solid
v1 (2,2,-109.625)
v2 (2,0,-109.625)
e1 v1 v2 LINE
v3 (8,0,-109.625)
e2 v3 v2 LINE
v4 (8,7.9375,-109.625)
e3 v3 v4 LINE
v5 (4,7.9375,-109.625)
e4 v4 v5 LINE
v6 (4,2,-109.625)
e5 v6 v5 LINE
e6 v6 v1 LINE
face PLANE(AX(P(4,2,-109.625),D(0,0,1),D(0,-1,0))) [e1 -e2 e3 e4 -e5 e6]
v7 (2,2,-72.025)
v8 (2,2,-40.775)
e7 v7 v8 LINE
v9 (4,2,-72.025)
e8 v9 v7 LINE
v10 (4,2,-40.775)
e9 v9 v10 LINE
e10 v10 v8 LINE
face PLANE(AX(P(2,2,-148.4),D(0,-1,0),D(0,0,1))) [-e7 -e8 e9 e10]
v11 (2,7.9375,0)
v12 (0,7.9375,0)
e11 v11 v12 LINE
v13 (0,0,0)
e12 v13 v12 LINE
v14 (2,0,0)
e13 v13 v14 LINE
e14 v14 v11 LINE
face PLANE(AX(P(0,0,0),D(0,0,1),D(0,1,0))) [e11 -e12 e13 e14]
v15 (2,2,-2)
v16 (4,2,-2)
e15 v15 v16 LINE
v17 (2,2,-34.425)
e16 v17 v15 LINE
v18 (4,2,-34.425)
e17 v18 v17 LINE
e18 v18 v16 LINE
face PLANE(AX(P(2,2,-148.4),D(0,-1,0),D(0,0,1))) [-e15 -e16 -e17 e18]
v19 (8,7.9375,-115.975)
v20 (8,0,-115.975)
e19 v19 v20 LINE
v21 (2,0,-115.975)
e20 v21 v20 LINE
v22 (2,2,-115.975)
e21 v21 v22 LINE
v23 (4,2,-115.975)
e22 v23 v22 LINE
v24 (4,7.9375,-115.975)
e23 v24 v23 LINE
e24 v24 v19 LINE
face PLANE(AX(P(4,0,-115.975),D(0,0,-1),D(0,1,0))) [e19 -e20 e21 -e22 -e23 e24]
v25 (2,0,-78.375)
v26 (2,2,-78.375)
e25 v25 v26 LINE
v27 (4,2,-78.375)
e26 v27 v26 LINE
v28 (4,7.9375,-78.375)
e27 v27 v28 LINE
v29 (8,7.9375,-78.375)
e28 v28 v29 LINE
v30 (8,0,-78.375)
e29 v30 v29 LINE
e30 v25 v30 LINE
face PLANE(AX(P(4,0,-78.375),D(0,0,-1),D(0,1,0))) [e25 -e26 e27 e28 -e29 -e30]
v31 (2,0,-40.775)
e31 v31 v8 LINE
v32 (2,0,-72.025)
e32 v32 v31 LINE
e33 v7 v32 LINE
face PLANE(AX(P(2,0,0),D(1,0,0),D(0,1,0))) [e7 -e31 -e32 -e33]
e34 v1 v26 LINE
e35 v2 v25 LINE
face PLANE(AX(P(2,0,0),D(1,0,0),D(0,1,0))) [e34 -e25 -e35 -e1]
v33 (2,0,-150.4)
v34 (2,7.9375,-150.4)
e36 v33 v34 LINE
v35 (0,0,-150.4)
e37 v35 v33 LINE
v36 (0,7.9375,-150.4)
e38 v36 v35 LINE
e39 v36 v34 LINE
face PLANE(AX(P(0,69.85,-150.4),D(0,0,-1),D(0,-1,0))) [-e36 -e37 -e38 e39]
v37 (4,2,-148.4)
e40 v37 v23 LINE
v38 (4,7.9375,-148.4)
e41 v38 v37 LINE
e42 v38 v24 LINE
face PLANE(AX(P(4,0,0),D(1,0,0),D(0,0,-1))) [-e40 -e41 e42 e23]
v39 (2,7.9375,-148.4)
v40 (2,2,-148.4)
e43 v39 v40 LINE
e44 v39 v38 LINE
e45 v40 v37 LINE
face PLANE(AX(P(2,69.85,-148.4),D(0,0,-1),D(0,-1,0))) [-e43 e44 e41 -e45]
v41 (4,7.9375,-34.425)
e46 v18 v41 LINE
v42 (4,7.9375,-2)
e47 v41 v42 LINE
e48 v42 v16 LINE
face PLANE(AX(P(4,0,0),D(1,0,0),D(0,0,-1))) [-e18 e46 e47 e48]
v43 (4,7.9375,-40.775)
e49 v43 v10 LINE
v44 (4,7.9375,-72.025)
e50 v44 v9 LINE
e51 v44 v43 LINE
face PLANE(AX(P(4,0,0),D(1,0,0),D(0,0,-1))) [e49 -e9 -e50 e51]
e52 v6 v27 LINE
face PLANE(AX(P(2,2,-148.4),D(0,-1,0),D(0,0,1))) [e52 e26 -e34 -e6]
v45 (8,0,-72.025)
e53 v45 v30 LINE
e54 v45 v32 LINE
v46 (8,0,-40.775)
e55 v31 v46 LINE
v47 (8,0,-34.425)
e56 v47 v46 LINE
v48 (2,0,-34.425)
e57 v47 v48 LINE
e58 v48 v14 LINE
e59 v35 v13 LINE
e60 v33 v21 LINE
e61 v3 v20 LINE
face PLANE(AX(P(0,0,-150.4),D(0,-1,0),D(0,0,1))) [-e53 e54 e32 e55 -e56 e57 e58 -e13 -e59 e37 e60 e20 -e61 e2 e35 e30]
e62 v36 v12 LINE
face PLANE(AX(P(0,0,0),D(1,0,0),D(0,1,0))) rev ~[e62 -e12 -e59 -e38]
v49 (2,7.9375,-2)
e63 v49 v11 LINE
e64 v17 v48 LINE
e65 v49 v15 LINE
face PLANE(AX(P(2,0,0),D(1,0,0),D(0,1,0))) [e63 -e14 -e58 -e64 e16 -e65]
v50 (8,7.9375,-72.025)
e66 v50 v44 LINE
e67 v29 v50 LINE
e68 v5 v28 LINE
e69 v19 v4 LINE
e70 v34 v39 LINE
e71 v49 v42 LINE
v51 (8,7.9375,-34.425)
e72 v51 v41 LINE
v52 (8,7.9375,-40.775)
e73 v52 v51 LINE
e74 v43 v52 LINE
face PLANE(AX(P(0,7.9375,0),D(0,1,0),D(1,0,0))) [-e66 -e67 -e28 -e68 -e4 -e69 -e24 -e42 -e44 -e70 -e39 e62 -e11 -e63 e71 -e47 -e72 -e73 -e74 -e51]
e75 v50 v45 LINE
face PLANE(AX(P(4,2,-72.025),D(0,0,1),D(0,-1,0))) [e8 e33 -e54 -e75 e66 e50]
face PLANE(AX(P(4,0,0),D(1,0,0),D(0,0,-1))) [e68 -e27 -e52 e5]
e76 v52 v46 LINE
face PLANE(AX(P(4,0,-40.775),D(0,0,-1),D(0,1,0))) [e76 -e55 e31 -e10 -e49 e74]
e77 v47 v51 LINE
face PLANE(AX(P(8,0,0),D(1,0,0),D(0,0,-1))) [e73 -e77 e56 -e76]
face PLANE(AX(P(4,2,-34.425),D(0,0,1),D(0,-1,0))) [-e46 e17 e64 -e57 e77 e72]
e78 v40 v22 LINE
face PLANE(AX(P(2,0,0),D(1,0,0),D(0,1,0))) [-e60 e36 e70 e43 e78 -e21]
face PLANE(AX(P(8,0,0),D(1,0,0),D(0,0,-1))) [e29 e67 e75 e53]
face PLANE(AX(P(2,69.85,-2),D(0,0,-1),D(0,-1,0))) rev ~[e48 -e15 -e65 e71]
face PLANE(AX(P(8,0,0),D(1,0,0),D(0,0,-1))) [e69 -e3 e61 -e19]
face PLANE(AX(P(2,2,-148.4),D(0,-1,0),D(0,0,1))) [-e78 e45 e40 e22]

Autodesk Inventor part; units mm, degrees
ref_plane "YZ Plane" through (0, 0, 0) normal (1, 0, 0) x (0, 1, 0)
ref_plane "XZ Plane" through (0, 0, 0) normal (0, 1, 0) x (-1, 0, 0)
ref_plane "XY Plane" through (0, 0, 0) normal (0, 0, 1) x (1, 0, 0)
sketch "Sketch1" plane through (0, 0, 0) normal (1, 0, 0) x (0, 1, 0)
  line L0 (0, 0) -> (69.85, 0)
  line L1 (69.85, 0) -> (69.85, -150.4)
  line L2 (69.85, -150.4) -> (0, -150.4)
  line L3 (0, -150.4) -> (0, 0)
  dimension "d0" = 69.85
  dimension "d1" = 150.4
extrude "Extrusion1" add sketch "Sketch1" along normal blind 2
sketch "Sketch2" plane through (2, 0, 0) normal (1, 0, 0) x (0, 0, -1)
  line L0 (150.4, 0) -> (150.4, 69.85) projected
  line L1 (150.4, 69.85) -> (0, 69.85) projected
  line L2 (0, 69.85) -> (0, 0) projected
  line L3 (0, 0) -> (150.4, 0) projected
  line L4 (150.4, 69.85) -> (148.4, 69.85)
  line L5 (148.4, 69.85) -> (148.4, 0)
  line L6 (148.4, 0) -> (150.4, 0)
  line L7 (150.4, 0) -> (150.4, 69.85)
  line L8 (0, 69.85) -> (2, 69.85)
  line L9 (2, 69.85) -> (2, 0)
  line L10 (2, 0) -> (0, 0)
  line L11 (0, 0) -> (0, 69.85)
  line L12 (0, 0) -> (150.4, 0)
  line L13 (150.4, 0) -> (150.4, 2)
  line L14 (150.4, 2) -> (0, 2)
  line L15 (0, 2) -> (0, 0)
  point P0 (2, 2)
  point P1 (148.4, 2)
  dimension "d4" = 2
  dimension "d5" = 2
  dimension "d6" = 2
extrude "Extrusion2" add sketch "Sketch2" along normal blind 2 contours L14 L9 L1 L5
sketch "Sketch3" plane through (4, 0, 0) normal (1, 0, 0) x (0, 0, -1)
  line L0 (150.4, 0) -> (150.4, 69.85) projected
  line L1 (0, 0) -> (150.4, 0) projected
  line L2 (0, 69.85) -> (0, 0) projected
  line L3 (150.4, 69.85) -> (0, 69.85) projected
  line L4 (0, 69.85) -> (75.2, 69.85) construction
  line L5 (75.2, 69.85) -> (75.2, 0) construction
  line L6 (75.2, 0) -> (0, 0) construction
  line L7 (0, 0) -> (0, 69.85) construction
  line L8 (0, 0) -> (150.4, 0) construction
  line L9 (0, 0) -> (37.6, 0) construction
  line L10 (37.6, 0) -> (37.6, 69.85) construction
  line L11 (37.6, 69.85) -> (0, 69.85) construction
  line L12 (0, 69.85) -> (0, 0) construction
  line L13 (150.4, 0) -> (150.4, 69.85) construction
  line L14 (75.2, 69.85) -> (150.4, 69.85) construction
  line L15 (150.4, 69.85) -> (150.4, 0) construction
  line L16 (150.4, 0) -> (75.2, 0) construction
  line L17 (75.2, 0) -> (75.2, 69.85) construction
  line L18 (75.2, 0) -> (112.8, 0) construction
  line L19 (112.8, 0) -> (112.8, 69.85) construction
  line L20 (112.8, 69.85) -> (75.2, 69.85) construction
  line L21 (75.2, 69.85) -> (75.2, 0) construction
  line L22 (34.425, 0) -> (34.425, 69.85) construction
  line L23 (34.425, 69.85) -> (40.775, 69.85) construction
  line L24 (40.775, 69.85) -> (40.775, 0) construction
  line L25 (40.775, 0) -> (34.425, 0) construction
  line L26 (34.425, 0) -> (40.775, 69.85) construction
  line L27 (34.425, 69.85) -> (40.775, 0) construction
  line L28 (72.025, 0) -> (72.025, 69.85) construction
  line L29 (72.025, 69.85) -> (78.375, 69.85) construction
  line L30 (78.375, 69.85) -> (78.375, 0) construction
  line L31 (78.375, 0) -> (72.025, 0) construction
  line L32 (72.025, 0) -> (78.375, 69.85) construction
  line L33 (72.025, 69.85) -> (78.375, 0) construction
  line L34 (109.625, 0) -> (109.625, 69.85) construction
  line L35 (109.625, 69.85) -> (115.975, 69.85) construction
  line L36 (115.975, 69.85) -> (115.975, 0) construction
  line L37 (115.975, 0) -> (109.625, 0) construction
  line L38 (109.625, 0) -> (115.975, 69.85) construction
  line L39 (109.625, 69.85) -> (115.975, 0) construction
  line L40 (34.425, 69.85) -> (40.775, 69.85)
  line L41 (40.775, 69.85) -> (40.775, 0)
  line L42 (40.775, 0) -> (34.425, 0)
  line L43 (34.425, 0) -> (34.425, 69.85)
  line L44 (72.025, 0) -> (78.375, 0)
  line L45 (78.375, 0) -> (78.375, 69.85)
  line L46 (78.375, 69.85) -> (72.025, 69.85)
  line L47 (72.025, 69.85) -> (72.025, 0)
  line L48 (109.625, 69.85) -> (115.975, 69.85)
  line L49 (115.975, 69.85) -> (115.975, 0)
  line L50 (115.975, 0) -> (109.625, 0)
  line L51 (109.625, 0) -> (109.625, 69.85)
  point P0 (37.6, 34.925)
  point P1 (75.2, 34.925)
  point P2 (112.8, 34.925)
  dimension "d9" = 6.35
  dimension "d10" = 6.35
  dimension "d11" = 6.35
extrude "Extrusion3" add sketch "Sketch3" along normal blind 4 contours L1 L51 L3 L49 | L1 L47 L3 L45 | L1 L43 L3 L41
sketch "Sketch4" plane through (0, 69.85, 0) normal (0, 1, 0) x (1, 0, 0)
  line L0 (0, 150.4) -> (0, 0) projected
  line L1 (0, 150.4) -> (0, 0) construction
  line L2 (0, 0) -> (2, 0) construction
  line L3 (2, 2) -> (2, 0) construction
  line L4 (2, 2) -> (4, 2) construction
  line L5 (4, 34.425) -> (4, 2) construction
  line L6 (4, 34.425) -> (8, 34.425) construction
  line L7 (8, 40.775) -> (8, 34.425) construction
  line L8 (4, 40.775) -> (8, 40.775) construction
  line L9 (4, 72.025) -> (4, 40.775) construction
  line L10 (4, 72.025) -> (8, 72.025) construction
  line L11 (8, 78.375) -> (8, 72.025) construction
  line L12 (4, 78.375) -> (8, 78.375) construction
  line L13 (4, 109.625) -> (4, 78.375) construction
  line L14 (4, 109.625) -> (8, 109.625) construction
  line L15 (8, 115.975) -> (8, 109.625) construction
  line L16 (4, 115.975) -> (8, 115.975) construction
  line L17 (4, 148.4) -> (4, 115.975) construction
  line L18 (2, 148.4) -> (4, 148.4) construction
  line L19 (2, 150.4) -> (2, 148.4) construction
  line L20 (0, 150.4) -> (2, 150.4) construction
  line L21 (2, 0) -> (0, 0)
  line L22 (0, 0) -> (0, 150.4)
  line L23 (0, 150.4) -> (2, 150.4)
  line L24 (2, 150.4) -> (2, 0)
  line L25 (2, 0) -> (8, 0)
  line L26 (8, 0) -> (8, 150.4)
  line L27 (8, 150.4) -> (2, 150.4)
  line L28 (2, 150.4) -> (2, 0)
extrude "Extrusion4" cut sketch "Sketch4" against normal blind 2 contours L27 L26 L25 L24
sketch "Sketch5" plane through (0, 67.85, 0) normal (0, 1, 0) x (1, 0, 0)
  line L0 (4, 115.975) -> (8, 115.975) projected
  line L1 (4, 148.4) -> (4, 115.975) projected
  line L2 (2, 148.4) -> (4, 148.4) projected
  line L3 (2, 2) -> (2, 148.4) projected
  line L4 (4, 2) -> (2, 2) projected
  line L5 (4, 34.425) -> (4, 2) projected
  line L6 (8, 34.425) -> (4, 34.425) projected
  line L7 (8, 40.775) -> (8, 34.425) projected
  line L8 (4, 40.775) -> (8, 40.775) projected
  line L9 (4, 72.025) -> (4, 40.775) projected
  line L10 (8, 72.025) -> (4, 72.025) projected
  line L11 (8, 78.375) -> (8, 72.025) projected
  line L12 (4, 78.375) -> (8, 78.375) projected
  line L13 (4, 109.625) -> (4, 78.375) projected
  line L14 (8, 109.625) -> (4, 109.625) projected
  line L15 (8, 115.975) -> (8, 109.625) projected
  line L16 (2, 2) -> (4, 2) projected
  line L17 (2, 2) -> (8, 2)
  line L18 (8, 2) -> (8, 148.4)
  line L19 (8, 148.4) -> (2, 148.4)
  line L20 (2, 148.4) -> (2, 2)
  point P0 (0, 0)
  point P1 (4, 2)
extrude "Extrusion5" add sketch "Sketch5" against normal blind 2 contours L1 L19 L18 L0 | L18 L12 L13 L14 | L18 L8 L9 L10 | L5 L6 L18 L17
sketch "Sketch7" plane through (4, 0, 0) normal (-1, 0, 0) x (0, 0, 1)
  line L0 (-109.625, 2) -> (-115.975, 2) projected
  line L1 (-115.975, 0) -> (-115.975, 2) projected
  line L2 (-109.625, 0) -> (-115.975, 0) projected
  line L3 (-109.625, 2) -> (-109.625, 0) projected
  line L4 (-72.025, 2) -> (-78.375, 2) projected
  line L5 (-78.375, 0) -> (-78.375, 2) projected
  line L6 (-72.025, 0) -> (-78.375, 0) projected
  line L7 (-72.025, 2) -> (-72.025, 0) projected
  line L8 (-34.425, 2) -> (-40.775, 2) projected
  line L9 (-40.775, 0) -> (-40.775, 2) projected
  line L10 (-34.425, 0) -> (-40.775, 0) projected
  line L11 (-34.425, 2) -> (-34.425, 0) projected
  point P0 (0, 0)
extrude "Extrusion6" add sketch "Sketch7" along normal blind 2
sketch "Sketch8" plane through (0, 67.85, 0) normal (0, 1, 0) x (1, 0, 0)
  line L0 (8, 2) -> (8, 148.4) construction
  line L1 (2, 148.4) -> (8, 148.4) construction
  line L2 (2, 2) -> (2, 148.4) construction
  line L3 (8, 2) -> (2, 2) construction
  line L4 (8, 34.425) -> (2, 34.425) construction
  line L5 (2, 34.425) -> (2, 40.775) construction
  line L6 (2, 40.775) -> (8, 40.775) construction
  line L7 (8, 40.775) -> (8, 34.425) construction
  circle A0 centre (5, 37.6) radius 2.25 construction
  line L8 (2, 2) -> (2, 148.4) construction
  line L9 (8, 109.625) -> (2, 109.625) construction
  line L10 (2, 109.625) -> (2, 115.975) construction
  line L11 (2, 115.975) -> (8, 115.975) construction
  line L12 (8, 115.975) -> (8, 109.625) construction
  circle A1 centre (5, 112.8) radius 2.25 construction
  circle A2 centre (5, 37.6) radius 2.25
  circle A3 centre (5, 112.8) radius 2.25
  point P0 (0, 0)
  point P1 (8, 72.025)
  point P2 (8, 78.375)
  dimension "d20" = 4.5
  dimension "d21" = 4.5
extrude "Extrusion7" cut sketch "Sketch8" against normal blind 5
sketch "Sketch9" plane through (0, 69.85, 0) normal (0, 1, 0) x (1, 0, 0)
  line L0 (-2.5975, -3.6239) -> (10.7707, -3.6239)
  line L1 (10.7707, -3.6239) -> (10.7707, 152.0694)
  line L2 (10.7707, 152.0694) -> (-2.5975, 152.0694)
  line L3 (-2.5975, 152.0694) -> (-2.5975, -3.6239)
  point P0 (0, 0)
extrude "Extrusion8" cut sketch "Sketch9" against normal blind 61.9125
properties part number "leftwall"
